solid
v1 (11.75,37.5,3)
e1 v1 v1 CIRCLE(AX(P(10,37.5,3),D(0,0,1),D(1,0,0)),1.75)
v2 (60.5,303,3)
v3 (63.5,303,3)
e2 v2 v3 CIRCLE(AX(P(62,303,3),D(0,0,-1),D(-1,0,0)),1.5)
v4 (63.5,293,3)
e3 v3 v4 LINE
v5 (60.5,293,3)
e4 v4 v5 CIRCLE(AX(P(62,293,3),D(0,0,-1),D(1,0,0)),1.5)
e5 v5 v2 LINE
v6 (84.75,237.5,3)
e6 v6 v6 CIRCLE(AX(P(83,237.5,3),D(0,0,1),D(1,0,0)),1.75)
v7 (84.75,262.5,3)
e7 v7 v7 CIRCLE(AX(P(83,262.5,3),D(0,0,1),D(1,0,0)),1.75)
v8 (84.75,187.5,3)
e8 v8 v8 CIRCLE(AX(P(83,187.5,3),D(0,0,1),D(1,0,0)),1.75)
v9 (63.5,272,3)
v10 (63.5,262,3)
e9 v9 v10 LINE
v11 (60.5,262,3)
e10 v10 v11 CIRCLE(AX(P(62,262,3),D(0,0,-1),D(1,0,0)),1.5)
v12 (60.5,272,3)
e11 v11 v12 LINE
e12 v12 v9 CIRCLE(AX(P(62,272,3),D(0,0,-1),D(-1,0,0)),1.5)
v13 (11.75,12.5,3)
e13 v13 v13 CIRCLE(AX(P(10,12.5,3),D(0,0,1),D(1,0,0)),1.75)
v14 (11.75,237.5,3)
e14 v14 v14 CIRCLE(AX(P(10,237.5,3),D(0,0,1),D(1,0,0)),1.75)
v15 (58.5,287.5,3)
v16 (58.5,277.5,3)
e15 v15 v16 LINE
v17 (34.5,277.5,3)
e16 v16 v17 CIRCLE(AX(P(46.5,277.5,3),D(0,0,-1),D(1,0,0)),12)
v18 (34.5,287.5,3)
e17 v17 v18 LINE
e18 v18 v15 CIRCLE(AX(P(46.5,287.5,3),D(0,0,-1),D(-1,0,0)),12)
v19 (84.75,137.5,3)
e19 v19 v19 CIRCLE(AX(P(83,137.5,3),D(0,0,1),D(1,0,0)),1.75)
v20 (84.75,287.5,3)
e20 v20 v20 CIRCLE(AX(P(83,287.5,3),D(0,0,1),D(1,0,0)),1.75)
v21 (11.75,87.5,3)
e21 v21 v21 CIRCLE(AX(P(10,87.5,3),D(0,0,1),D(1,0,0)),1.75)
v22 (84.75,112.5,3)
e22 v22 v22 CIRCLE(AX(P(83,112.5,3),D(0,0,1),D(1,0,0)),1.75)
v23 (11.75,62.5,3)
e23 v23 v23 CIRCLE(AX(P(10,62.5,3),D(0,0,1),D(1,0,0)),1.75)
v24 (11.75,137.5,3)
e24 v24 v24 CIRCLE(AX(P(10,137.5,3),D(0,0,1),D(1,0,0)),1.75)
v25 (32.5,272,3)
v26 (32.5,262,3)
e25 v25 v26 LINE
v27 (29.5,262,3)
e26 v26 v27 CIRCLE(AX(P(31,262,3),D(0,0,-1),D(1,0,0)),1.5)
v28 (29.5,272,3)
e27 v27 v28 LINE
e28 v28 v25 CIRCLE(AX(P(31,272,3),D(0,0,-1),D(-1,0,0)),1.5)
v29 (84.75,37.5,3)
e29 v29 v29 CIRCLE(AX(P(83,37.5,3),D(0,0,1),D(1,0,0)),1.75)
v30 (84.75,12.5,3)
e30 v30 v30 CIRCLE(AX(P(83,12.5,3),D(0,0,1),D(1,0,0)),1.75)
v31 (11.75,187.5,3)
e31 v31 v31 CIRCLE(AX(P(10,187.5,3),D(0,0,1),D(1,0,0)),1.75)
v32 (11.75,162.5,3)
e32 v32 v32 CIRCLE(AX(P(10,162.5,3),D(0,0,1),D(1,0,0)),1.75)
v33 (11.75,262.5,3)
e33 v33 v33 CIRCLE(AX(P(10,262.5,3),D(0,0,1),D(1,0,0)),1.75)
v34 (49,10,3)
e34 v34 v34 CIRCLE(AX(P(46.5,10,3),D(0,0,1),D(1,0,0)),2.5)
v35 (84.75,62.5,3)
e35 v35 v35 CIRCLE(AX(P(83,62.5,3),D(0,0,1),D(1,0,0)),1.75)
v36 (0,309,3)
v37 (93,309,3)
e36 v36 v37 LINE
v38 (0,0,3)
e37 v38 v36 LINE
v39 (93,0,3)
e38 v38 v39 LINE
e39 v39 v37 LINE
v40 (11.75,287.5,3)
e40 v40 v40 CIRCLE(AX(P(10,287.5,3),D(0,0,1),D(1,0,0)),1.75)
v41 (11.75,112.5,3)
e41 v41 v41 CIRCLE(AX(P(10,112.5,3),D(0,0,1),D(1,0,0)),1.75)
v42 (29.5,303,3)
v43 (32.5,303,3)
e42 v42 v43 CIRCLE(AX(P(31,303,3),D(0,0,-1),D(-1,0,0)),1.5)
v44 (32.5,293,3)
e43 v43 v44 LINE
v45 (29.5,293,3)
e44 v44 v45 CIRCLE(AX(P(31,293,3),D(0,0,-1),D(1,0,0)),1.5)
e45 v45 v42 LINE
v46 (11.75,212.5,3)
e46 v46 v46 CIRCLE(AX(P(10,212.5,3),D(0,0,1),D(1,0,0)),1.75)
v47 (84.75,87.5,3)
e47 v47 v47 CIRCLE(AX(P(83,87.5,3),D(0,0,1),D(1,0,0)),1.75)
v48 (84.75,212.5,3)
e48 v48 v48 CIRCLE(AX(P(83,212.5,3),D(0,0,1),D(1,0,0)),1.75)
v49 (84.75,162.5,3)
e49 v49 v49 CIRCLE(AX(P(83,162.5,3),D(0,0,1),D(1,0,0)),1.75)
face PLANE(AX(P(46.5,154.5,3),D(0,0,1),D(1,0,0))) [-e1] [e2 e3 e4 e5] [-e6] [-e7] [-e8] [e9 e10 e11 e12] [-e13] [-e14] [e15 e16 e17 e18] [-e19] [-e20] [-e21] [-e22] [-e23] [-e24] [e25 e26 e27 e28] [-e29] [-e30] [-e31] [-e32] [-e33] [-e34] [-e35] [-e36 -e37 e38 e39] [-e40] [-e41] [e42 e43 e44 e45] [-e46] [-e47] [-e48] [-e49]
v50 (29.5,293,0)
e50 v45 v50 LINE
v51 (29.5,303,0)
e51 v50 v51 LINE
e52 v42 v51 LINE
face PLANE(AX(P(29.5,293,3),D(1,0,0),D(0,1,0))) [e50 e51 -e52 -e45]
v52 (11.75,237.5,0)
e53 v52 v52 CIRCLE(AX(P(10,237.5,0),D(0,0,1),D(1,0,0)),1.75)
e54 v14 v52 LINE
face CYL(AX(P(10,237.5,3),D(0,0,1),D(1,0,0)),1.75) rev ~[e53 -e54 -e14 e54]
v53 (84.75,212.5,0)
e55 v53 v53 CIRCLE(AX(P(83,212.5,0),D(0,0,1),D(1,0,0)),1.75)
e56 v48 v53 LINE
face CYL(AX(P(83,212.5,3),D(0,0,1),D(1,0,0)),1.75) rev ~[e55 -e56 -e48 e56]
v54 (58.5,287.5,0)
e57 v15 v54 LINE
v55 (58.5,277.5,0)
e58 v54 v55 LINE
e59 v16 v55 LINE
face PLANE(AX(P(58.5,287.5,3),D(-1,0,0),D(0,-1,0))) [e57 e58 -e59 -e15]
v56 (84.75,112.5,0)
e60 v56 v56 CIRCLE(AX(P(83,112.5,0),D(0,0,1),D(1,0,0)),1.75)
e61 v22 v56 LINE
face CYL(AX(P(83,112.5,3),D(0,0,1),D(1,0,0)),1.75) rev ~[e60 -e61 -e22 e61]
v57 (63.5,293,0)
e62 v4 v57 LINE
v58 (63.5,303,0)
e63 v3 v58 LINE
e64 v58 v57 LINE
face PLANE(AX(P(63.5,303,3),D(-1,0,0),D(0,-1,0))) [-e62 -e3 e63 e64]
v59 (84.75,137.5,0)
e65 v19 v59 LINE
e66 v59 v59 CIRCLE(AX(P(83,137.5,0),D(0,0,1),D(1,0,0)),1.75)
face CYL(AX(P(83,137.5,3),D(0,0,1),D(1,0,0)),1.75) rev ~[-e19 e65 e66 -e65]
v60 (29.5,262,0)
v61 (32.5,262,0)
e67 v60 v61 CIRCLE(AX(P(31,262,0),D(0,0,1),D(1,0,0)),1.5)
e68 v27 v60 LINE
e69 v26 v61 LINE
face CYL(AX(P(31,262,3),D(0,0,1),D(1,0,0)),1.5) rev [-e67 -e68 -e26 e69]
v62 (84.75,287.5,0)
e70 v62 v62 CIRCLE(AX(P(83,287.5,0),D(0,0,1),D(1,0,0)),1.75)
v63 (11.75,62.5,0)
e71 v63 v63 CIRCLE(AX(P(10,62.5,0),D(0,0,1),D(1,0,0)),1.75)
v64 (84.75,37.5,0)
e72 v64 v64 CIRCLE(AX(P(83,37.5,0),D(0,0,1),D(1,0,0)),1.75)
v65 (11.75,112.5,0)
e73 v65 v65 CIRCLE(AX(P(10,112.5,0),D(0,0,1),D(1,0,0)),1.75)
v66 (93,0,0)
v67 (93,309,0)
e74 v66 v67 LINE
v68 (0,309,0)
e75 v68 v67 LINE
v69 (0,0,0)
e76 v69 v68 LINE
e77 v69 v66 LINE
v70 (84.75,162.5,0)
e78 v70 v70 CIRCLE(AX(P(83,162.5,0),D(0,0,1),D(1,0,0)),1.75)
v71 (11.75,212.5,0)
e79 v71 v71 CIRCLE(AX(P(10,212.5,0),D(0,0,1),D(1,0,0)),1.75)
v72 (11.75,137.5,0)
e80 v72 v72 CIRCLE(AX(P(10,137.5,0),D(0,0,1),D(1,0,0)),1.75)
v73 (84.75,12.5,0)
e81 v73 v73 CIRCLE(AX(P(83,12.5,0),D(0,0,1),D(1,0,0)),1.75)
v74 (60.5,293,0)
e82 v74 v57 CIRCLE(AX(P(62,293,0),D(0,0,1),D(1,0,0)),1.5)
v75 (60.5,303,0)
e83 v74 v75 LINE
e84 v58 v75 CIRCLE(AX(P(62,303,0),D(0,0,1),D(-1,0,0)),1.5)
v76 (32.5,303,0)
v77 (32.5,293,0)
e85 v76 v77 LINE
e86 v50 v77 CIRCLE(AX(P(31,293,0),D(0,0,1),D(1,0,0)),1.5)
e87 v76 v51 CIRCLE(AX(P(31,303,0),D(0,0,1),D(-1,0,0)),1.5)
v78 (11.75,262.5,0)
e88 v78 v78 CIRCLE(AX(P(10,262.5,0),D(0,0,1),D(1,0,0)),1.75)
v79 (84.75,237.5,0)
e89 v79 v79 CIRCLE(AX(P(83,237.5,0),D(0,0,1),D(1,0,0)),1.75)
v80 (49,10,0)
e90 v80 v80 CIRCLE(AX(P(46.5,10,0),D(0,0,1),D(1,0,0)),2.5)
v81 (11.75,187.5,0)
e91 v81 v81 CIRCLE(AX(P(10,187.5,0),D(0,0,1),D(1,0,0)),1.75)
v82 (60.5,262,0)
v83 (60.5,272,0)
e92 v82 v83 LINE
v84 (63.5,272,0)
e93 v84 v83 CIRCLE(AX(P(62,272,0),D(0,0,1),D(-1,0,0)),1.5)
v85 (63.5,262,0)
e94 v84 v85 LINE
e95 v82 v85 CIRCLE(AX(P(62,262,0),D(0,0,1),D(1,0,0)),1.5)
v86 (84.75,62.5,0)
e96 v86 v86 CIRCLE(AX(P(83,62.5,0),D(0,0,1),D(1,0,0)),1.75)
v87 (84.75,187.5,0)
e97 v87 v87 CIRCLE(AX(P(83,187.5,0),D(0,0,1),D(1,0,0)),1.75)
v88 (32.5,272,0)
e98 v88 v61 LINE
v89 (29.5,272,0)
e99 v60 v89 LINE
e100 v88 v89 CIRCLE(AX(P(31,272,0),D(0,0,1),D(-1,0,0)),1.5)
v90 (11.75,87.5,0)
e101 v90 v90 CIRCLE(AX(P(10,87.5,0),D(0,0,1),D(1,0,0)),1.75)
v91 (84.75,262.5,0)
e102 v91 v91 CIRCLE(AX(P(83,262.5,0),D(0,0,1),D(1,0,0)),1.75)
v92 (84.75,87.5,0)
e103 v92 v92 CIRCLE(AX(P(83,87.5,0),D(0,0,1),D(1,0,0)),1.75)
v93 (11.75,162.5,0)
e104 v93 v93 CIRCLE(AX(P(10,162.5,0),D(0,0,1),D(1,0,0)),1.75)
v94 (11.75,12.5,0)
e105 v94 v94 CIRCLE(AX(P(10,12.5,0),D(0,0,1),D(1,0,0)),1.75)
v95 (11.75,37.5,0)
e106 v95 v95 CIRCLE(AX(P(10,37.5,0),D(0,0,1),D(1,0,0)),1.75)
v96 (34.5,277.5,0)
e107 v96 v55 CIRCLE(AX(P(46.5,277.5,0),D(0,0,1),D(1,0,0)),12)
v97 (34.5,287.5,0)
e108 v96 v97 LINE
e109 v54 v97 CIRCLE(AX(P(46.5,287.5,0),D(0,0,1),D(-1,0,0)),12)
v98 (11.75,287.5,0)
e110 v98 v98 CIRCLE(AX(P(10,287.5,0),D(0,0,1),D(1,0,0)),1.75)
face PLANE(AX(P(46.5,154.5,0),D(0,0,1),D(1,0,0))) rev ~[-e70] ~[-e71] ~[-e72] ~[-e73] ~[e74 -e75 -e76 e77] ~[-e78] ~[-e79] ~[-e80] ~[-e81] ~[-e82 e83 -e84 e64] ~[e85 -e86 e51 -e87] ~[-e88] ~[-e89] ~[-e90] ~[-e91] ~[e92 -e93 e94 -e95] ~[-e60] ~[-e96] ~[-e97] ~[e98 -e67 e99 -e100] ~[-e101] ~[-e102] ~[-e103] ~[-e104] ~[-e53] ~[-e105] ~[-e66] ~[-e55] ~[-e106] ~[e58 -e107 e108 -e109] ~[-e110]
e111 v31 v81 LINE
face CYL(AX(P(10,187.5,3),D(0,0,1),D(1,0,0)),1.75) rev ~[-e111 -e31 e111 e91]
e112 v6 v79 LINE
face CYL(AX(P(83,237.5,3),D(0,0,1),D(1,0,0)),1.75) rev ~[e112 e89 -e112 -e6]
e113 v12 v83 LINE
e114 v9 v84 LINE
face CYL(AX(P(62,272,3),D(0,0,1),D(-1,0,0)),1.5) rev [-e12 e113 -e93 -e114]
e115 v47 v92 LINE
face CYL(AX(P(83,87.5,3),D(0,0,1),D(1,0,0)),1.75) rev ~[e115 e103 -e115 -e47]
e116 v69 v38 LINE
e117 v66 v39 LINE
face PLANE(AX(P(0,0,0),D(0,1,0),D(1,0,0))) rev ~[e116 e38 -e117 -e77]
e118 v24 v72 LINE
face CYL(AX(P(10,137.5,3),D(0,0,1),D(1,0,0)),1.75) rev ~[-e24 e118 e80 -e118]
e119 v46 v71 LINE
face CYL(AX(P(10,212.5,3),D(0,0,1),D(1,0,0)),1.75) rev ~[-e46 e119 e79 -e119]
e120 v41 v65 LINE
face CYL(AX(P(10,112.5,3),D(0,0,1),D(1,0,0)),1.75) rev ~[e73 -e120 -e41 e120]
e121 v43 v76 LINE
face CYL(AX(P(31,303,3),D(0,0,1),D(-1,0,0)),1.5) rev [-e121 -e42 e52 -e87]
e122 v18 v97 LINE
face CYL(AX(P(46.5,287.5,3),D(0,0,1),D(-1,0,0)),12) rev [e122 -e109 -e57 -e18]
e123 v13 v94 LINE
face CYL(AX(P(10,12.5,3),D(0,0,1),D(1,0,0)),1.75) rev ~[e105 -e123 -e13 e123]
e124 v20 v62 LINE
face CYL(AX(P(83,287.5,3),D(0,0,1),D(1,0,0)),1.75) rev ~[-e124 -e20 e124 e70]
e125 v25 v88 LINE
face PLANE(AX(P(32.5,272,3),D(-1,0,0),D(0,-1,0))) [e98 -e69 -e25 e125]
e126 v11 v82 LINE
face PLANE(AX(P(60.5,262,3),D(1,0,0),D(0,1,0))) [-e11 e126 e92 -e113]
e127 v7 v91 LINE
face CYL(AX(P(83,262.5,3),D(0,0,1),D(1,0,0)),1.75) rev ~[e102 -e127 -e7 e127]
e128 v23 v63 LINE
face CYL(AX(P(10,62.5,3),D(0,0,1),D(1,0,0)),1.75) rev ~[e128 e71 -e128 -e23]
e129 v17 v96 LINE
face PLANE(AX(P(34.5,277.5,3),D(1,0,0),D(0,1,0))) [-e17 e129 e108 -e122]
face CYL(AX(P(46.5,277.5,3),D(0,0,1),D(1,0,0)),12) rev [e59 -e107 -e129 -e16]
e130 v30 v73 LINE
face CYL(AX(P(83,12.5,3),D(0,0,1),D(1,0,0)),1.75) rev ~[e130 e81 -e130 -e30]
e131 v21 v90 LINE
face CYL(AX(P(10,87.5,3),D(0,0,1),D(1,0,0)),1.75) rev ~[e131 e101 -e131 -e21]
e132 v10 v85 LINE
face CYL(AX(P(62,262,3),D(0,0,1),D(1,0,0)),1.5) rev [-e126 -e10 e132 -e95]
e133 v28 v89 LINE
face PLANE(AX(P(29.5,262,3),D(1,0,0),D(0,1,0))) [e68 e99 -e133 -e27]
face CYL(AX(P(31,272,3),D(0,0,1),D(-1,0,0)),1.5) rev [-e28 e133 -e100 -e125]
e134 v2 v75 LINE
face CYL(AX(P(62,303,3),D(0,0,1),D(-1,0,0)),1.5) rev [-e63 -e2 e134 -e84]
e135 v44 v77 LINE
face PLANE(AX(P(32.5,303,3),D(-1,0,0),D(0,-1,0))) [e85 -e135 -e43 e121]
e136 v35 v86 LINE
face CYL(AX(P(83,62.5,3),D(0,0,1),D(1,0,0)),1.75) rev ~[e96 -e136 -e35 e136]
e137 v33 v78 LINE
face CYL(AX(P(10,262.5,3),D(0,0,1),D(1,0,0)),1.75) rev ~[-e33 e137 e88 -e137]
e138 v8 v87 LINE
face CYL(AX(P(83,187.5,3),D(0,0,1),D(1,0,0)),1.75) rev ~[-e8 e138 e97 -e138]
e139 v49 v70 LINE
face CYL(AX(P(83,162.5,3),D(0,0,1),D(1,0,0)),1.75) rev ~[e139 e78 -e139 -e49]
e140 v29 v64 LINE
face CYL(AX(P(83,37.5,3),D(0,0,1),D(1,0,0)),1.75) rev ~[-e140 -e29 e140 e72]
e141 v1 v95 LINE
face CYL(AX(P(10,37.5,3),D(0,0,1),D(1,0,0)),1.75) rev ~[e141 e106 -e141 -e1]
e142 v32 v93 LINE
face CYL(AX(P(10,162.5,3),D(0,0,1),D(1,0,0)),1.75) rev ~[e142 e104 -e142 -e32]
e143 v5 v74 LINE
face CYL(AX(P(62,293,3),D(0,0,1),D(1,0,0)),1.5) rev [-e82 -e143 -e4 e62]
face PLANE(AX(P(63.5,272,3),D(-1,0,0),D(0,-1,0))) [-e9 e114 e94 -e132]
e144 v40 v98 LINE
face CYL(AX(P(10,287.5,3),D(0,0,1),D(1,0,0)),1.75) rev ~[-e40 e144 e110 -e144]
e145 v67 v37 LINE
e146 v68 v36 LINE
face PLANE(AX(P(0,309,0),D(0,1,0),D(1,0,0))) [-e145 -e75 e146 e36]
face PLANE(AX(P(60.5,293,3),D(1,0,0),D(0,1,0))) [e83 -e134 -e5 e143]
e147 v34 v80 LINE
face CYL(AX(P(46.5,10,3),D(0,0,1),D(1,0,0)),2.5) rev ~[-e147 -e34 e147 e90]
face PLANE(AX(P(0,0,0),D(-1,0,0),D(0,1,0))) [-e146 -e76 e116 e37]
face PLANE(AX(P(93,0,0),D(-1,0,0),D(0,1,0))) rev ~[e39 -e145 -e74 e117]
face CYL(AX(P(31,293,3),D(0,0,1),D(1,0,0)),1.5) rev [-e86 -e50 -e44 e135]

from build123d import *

# Parameters (mm, degrees)
ESQUISSE1_W             = 93
ESQUISSE1_H             = 309
BOSS_EXTRU_1_DEPTH      = 3
PERSAGE_STEPPER_DEPTH   = 4
ESQUISSE3_R             = 2.5
ENL_V_MAT_EXTRU_1_DEPTH = 3
ESQUISSE4_R             = 1.75
ENL_V_MAT_EXTRU_2_DEPTH = 3


with BuildPart() as part:
    # Esquisse1 → Boss.-Extru.1 (new body)
    with BuildSketch(Plane.XY):
        with Locations((46.5, 154.5)):
            Rectangle(ESQUISSE1_W, ESQUISSE1_H)
    extrude(amount=BOSS_EXTRU_1_DEPTH)

    # Esquisse2 → Persage Stepper (cut, through all)
    with BuildSketch(Plane.XY.offset(3)):
        with BuildLine():
            Line((34.5, 277.5), (34.5, 287.5))
            ThreePointArc((34.5, 287.5), (46.5, 299.5), (58.5, 287.5))
            Line((58.5, 287.5), (58.5, 277.5))
            ThreePointArc((58.5, 277.5), (46.5, 265.5), (34.5, 277.5))
        make_face()
        with BuildLine():
            Line((29.5, 293), (29.5, 303))
            ThreePointArc((29.5, 303), (31, 304.5), (32.5, 303))
            Line((32.5, 303), (32.5, 293))
            ThreePointArc((32.5, 293), (31, 291.5), (29.5, 293))
        make_face()
        with BuildLine():
            Line((60.5, 293), (60.5, 303))
            ThreePointArc((60.5, 303), (62, 304.5), (63.5, 303))
            Line((63.5, 303), (63.5, 293))
            ThreePointArc((63.5, 293), (62, 291.5), (60.5, 293))
        make_face()
        with BuildLine():
            Line((60.5, 262), (60.5, 272))
            ThreePointArc((60.5, 272), (62, 273.5), (63.5, 272))
            Line((63.5, 272), (63.5, 262))
            ThreePointArc((63.5, 262), (62, 260.5), (60.5, 262))
        make_face()
        with BuildLine():
            Line((29.5, 262), (29.5, 272))
            ThreePointArc((29.5, 272), (31, 273.5), (32.5, 272))
            Line((32.5, 272), (32.5, 262))
            ThreePointArc((32.5, 262), (31, 260.5), (29.5, 262))
        make_face()
    extrude(amount=-PERSAGE_STEPPER_DEPTH, mode=Mode.SUBTRACT)

    # Esquisse3 → Enlèv. mat.-Extru.1 (cut)
    with BuildSketch(Plane.XY.offset(3)):
        with Locations((46.5, 10)):
            Circle(ESQUISSE3_R)
    extrude(amount=-ENL_V_MAT_EXTRU_1_DEPTH, mode=Mode.SUBTRACT)

    # Esquisse4 → Enlèv. mat.-Extru.2 (cut)
    with BuildSketch(Plane.XY.offset(3)):
        with Locations((10, 12.5)):
            Circle(ESQUISSE4_R)
        with Locations((83, 12.5)):
            Circle(ESQUISSE4_R)
        with Locations((10, 37.5)):
            Circle(ESQUISSE4_R)
        with Locations((83, 37.5)):
            Circle(ESQUISSE4_R)
        with Locations((10, 62.5)):
            Circle(ESQUISSE4_R)
        with Locations((83, 62.5)):
            Circle(ESQUISSE4_R)
        with Locations((10, 87.5)):
            Circle(ESQUISSE4_R)
        with Locations((83, 87.5)):
            Circle(ESQUISSE4_R)
        with Locations((10, 112.5)):
            Circle(ESQUISSE4_R)
        with Locations((83, 112.5)):
            Circle(ESQUISSE4_R)
        with Locations((10, 137.5)):
            Circle(ESQUISSE4_R)
        with Locations((83, 137.5)):
            Circle(ESQUISSE4_R)
        with Locations((10, 162.5)):
            Circle(ESQUISSE4_R)
        with Locations((83, 162.5)):
            Circle(ESQUISSE4_R)
        with Locations((10, 187.5)):
            Circle(ESQUISSE4_R)
        with Locations((83, 187.5)):
            Circle(ESQUISSE4_R)
        with Locations((10, 212.5)):
            Circle(ESQUISSE4_R)
        with Locations((83, 212.5)):
            Circle(ESQUISSE4_R)
        with Locations((10, 237.5)):
            Circle(ESQUISSE4_R)
        with Locations((83, 237.5)):
            Circle(ESQUISSE4_R)
        with Locations((10, 262.5)):
            Circle(ESQUISSE4_R)
        with Locations((83, 262.5)):
            Circle(ESQUISSE4_R)
        with Locations((10, 287.5)):
            Circle(ESQUISSE4_R)
        with Locations((83, 287.5)):
            Circle(ESQUISSE4_R)
    extrude(amount=-ENL_V_MAT_EXTRU_2_DEPTH, mode=Mode.SUBTRACT)


solid = part.part
